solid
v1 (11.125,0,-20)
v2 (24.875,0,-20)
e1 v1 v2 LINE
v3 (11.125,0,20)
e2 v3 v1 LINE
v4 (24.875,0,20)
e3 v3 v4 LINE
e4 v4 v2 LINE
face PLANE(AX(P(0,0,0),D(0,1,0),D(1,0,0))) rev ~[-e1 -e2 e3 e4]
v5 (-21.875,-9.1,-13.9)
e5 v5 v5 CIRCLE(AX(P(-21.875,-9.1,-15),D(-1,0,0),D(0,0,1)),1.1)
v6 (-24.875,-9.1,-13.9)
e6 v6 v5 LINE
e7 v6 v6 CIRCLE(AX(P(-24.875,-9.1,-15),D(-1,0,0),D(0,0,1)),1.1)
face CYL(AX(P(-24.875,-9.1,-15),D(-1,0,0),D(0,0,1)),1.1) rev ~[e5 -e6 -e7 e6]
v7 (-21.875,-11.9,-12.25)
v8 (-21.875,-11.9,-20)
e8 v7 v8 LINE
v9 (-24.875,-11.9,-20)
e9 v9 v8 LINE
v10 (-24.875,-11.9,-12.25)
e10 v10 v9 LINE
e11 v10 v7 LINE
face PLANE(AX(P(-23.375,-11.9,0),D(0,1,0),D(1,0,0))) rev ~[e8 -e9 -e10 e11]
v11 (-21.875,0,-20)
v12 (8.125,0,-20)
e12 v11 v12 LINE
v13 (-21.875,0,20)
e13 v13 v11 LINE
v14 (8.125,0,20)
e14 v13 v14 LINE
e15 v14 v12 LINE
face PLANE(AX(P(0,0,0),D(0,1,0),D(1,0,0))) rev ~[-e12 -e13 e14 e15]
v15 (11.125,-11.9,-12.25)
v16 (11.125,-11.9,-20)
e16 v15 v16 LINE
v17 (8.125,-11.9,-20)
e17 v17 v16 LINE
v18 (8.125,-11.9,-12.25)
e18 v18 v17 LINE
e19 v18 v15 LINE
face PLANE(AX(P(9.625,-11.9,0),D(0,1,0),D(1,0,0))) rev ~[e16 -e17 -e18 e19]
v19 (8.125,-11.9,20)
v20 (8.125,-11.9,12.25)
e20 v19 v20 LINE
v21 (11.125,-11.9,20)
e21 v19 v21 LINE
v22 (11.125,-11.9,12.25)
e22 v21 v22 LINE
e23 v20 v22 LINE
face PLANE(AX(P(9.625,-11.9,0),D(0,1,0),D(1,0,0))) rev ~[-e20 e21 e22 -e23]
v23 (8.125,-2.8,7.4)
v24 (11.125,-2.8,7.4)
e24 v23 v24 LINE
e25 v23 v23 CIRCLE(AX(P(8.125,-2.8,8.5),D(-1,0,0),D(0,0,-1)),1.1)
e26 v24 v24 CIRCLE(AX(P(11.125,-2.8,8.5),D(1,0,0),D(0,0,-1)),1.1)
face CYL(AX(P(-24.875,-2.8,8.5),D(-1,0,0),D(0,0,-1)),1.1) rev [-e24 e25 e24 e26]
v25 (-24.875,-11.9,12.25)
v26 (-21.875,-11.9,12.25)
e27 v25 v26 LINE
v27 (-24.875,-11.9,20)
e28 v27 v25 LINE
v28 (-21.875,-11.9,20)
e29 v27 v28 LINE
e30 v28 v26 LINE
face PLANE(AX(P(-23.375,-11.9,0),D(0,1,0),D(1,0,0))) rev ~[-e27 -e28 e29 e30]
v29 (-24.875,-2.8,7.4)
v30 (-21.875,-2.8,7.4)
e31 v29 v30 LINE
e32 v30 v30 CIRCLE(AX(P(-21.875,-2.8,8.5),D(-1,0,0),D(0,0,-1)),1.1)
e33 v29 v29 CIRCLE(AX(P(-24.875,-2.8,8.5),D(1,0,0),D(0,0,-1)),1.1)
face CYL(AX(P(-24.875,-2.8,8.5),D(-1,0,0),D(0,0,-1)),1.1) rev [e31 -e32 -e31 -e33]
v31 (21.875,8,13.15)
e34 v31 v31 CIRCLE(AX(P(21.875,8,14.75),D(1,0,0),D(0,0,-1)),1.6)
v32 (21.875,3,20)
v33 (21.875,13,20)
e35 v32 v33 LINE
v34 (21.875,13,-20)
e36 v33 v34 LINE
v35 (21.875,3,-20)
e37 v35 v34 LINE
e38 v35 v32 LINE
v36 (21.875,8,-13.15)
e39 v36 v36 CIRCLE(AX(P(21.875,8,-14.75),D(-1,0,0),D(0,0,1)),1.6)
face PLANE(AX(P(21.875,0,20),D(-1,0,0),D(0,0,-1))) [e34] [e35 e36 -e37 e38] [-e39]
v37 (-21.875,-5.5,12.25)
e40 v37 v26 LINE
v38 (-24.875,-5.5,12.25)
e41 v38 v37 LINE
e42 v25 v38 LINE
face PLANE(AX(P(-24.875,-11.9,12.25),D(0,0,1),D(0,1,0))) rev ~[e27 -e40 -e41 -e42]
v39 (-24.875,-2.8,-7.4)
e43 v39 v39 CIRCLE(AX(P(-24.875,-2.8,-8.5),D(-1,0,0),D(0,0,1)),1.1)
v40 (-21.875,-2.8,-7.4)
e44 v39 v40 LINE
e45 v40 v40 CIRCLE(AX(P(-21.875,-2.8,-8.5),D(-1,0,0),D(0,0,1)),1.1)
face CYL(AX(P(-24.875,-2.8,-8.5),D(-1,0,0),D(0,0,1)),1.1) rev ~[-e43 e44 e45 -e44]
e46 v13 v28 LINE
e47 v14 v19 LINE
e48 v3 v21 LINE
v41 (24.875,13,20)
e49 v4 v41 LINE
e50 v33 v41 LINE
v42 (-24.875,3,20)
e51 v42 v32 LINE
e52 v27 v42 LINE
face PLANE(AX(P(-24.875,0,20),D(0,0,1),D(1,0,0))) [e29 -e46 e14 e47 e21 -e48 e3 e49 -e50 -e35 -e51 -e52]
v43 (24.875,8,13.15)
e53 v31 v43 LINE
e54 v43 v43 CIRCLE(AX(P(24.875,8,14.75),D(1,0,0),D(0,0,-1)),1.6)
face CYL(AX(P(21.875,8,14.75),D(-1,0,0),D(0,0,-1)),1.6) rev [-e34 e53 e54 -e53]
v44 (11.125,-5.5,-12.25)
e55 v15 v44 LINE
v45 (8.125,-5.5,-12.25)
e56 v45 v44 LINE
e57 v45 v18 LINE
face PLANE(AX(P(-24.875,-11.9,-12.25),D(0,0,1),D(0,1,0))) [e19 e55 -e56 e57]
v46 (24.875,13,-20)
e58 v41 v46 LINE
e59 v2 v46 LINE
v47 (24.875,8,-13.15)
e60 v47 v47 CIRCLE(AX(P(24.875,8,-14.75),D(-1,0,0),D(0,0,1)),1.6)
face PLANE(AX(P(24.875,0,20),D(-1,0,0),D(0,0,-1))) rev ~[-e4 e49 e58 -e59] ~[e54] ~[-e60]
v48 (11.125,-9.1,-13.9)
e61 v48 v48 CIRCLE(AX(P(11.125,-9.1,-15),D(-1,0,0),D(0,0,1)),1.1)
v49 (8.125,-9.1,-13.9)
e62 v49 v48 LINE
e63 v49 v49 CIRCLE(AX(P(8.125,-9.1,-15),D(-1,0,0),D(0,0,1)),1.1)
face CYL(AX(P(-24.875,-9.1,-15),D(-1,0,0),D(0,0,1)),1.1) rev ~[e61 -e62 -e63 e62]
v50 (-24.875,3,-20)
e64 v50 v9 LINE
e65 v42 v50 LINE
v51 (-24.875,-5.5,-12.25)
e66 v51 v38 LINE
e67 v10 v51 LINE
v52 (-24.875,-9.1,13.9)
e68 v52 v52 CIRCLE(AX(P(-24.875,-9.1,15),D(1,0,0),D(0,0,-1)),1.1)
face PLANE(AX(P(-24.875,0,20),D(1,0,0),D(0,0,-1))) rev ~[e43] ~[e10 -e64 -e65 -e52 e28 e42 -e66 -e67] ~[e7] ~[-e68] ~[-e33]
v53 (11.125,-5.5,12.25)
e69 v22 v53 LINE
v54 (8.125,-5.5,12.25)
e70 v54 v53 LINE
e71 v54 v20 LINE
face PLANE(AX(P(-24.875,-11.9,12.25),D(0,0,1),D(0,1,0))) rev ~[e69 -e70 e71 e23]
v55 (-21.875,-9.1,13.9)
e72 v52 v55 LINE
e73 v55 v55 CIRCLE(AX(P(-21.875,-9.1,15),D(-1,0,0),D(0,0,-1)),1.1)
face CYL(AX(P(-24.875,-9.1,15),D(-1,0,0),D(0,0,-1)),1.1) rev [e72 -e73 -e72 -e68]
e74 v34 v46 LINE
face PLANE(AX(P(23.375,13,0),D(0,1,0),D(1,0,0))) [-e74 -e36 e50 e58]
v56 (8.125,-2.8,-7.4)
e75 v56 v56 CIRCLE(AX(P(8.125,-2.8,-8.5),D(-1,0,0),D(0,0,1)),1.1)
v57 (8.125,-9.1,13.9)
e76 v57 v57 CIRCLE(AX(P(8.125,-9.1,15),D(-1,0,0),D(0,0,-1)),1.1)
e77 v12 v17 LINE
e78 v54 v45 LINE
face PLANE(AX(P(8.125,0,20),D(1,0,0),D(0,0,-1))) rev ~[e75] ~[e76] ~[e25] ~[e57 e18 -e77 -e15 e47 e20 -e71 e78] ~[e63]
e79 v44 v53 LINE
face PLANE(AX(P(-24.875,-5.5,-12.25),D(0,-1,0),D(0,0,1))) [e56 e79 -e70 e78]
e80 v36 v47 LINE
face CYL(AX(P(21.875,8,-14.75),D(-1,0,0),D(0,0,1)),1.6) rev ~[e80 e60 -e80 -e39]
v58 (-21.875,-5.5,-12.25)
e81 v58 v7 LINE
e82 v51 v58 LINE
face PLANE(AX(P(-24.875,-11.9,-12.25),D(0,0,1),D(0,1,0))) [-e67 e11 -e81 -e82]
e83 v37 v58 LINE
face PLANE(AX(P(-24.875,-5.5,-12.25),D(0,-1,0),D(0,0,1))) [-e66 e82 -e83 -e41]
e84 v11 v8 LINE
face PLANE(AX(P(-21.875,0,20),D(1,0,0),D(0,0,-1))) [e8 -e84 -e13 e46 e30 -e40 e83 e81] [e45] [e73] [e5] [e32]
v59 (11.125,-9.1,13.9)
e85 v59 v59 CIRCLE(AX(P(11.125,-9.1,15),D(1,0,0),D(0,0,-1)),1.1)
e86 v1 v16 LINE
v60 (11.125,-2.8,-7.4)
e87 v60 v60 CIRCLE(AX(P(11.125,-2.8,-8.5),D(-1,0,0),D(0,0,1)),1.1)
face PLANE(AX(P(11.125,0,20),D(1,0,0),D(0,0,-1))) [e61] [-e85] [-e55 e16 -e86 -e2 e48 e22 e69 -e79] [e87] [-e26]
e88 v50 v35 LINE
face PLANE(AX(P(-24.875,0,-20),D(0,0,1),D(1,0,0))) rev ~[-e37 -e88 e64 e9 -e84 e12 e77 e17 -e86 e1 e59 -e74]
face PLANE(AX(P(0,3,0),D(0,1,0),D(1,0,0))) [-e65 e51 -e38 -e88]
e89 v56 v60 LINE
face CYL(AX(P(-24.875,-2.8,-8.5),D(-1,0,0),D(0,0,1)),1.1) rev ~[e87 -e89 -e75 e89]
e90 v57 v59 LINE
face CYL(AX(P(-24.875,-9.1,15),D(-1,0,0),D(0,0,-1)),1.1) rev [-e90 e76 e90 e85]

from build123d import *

# Parameters (mm, degrees)
SKETCH2_W           = 49.75
SKETCH2_H           = 40
BOSS_EXTRUDE1_DEPTH = 3
SKETCH2_4_W         = 3
SKETCH2_4_H         = 40
BOSS_EXTRUDE3_DEPTH = 11.9
SKETCH2_5_W         = 3
SKETCH2_5_H         = 40
BOSS_EXTRUDE4_DEPTH = 13
CUT_EXTRUDE1_REACH  = 57.173
SKETCH3_R           = 1.1
SKETCH3_W           = 24.5
SKETCH3_H           = 6.4
SKETCH4_R           = 1.6
CUT_EXTRUDE2_DEPTH  = 3


with BuildPart() as part:
    # Sketch2 → Boss-Extrude1 (new body)
    with BuildSketch(Plane(origin=(0, 0, 0), x_dir=(1, 0, 0), z_dir=(0, 1, 0))):
        Rectangle(SKETCH2_W, SKETCH2_H)
    extrude(amount=BOSS_EXTRUDE1_DEPTH)

    # Sketch2<4> → Boss-Extrude3 (add)
    with BuildSketch(Plane(origin=(0, 0, 0), x_dir=(1, 0, 0), z_dir=(0, 1, 0))):
        with Locations((9.625, 0)):
            Rectangle(SKETCH2_4_W, SKETCH2_4_H)
        with Locations((-23.375, 0)):
            Rectangle(SKETCH2_4_W, SKETCH2_4_H)
    extrude(amount=-BOSS_EXTRUDE3_DEPTH)

    # Sketch2<5> → Boss-Extrude4 (add)
    with BuildSketch(Plane(origin=(0, 0, 0), x_dir=(1, 0, 0), z_dir=(0, 1, 0))):
        with Locations((23.375, 0)):
            Rectangle(SKETCH2_5_W, SKETCH2_5_H)
    extrude(amount=BOSS_EXTRUDE4_DEPTH)

    # Cut-Extrude1: up to this face of the body (flat: up to its plane)
    cut_extrude1_end = Plane(part.part.faces().sort_by_distance((11.125, -5.95, 0))[0])
    # Sketch3 → Cut-Extrude1 (cut, up to the picked face)
    with BuildSketch(Plane.ZY.offset(24.875), mode=Mode.PRIVATE) as cut_extrude1_sk1:
        with Locations((-8.5, -2.8)):
            Circle(SKETCH3_R)
    cut_extrude1_tool1 = split(extrude(cut_extrude1_sk1.sketch, amount=-CUT_EXTRUDE1_REACH, mode=Mode.PRIVATE), bisect_by=cut_extrude1_end, keep=Keep.BOTH, mode=Mode.PRIVATE)
    # Sketch3 → Cut-Extrude1 (cut, up to the picked face)
    with BuildSketch(Plane.ZY.offset(24.875), mode=Mode.PRIVATE) as cut_extrude1_sk2:
        with Locations((-15, -9.1)):
            Circle(SKETCH3_R)
    cut_extrude1_tool2 = split(extrude(cut_extrude1_sk2.sketch, amount=-CUT_EXTRUDE1_REACH, mode=Mode.PRIVATE), bisect_by=cut_extrude1_end, keep=Keep.BOTH, mode=Mode.PRIVATE)
    # Sketch3 → Cut-Extrude1 (cut, up to the picked face)
    with BuildSketch(Plane.ZY.offset(24.875), mode=Mode.PRIVATE) as cut_extrude1_sk3:
        with Locations((0, -8.7)):
            Rectangle(SKETCH3_W, SKETCH3_H)
    cut_extrude1_tool3 = split(extrude(cut_extrude1_sk3.sketch, amount=-CUT_EXTRUDE1_REACH, mode=Mode.PRIVATE), bisect_by=cut_extrude1_end, keep=Keep.BOTH, mode=Mode.PRIVATE)
    cut_extrude1_1 = cut_extrude1_tool1.solids().sort_by(Axis((-24.875, -2.8, -8.5), (1, 0, 0)))[0]
    add(cut_extrude1_1, mode=Mode.SUBTRACT)
    cut_extrude1_2 = cut_extrude1_tool2.solids().sort_by(Axis((-24.875, -9.1, -15), (1, 0, 0)))[0]
    add(cut_extrude1_2, mode=Mode.SUBTRACT)
    cut_extrude1_3 = cut_extrude1_tool3.solids().sort_by(Axis((-24.875, -8.7, 0), (1, 0, 0)))[0]
    add(cut_extrude1_3, mode=Mode.SUBTRACT)
    cut_extrude1 = cut_extrude1_1 + cut_extrude1_2 + cut_extrude1_3  # Cut-Extrude1 as one shape, for the pattern or mirror that repeats it

    # Sketch4 → Cut-Extrude2 (cut)
    with BuildSketch(Plane.ZY.offset(-21.875)):
        with Locations((-14.75, 8)):
            Circle(SKETCH4_R)
    cut_extrude2 = extrude(amount=-CUT_EXTRUDE2_DEPTH, mode=Mode.SUBTRACT)

    # Mirror2: Cut-Extrude1, Cut-Extrude2 across plane
    add(cut_extrude1.mirror(Plane.XY), mode=Mode.SUBTRACT)
    add(cut_extrude2.mirror(Plane.XY), mode=Mode.SUBTRACT)


solid = part.part
